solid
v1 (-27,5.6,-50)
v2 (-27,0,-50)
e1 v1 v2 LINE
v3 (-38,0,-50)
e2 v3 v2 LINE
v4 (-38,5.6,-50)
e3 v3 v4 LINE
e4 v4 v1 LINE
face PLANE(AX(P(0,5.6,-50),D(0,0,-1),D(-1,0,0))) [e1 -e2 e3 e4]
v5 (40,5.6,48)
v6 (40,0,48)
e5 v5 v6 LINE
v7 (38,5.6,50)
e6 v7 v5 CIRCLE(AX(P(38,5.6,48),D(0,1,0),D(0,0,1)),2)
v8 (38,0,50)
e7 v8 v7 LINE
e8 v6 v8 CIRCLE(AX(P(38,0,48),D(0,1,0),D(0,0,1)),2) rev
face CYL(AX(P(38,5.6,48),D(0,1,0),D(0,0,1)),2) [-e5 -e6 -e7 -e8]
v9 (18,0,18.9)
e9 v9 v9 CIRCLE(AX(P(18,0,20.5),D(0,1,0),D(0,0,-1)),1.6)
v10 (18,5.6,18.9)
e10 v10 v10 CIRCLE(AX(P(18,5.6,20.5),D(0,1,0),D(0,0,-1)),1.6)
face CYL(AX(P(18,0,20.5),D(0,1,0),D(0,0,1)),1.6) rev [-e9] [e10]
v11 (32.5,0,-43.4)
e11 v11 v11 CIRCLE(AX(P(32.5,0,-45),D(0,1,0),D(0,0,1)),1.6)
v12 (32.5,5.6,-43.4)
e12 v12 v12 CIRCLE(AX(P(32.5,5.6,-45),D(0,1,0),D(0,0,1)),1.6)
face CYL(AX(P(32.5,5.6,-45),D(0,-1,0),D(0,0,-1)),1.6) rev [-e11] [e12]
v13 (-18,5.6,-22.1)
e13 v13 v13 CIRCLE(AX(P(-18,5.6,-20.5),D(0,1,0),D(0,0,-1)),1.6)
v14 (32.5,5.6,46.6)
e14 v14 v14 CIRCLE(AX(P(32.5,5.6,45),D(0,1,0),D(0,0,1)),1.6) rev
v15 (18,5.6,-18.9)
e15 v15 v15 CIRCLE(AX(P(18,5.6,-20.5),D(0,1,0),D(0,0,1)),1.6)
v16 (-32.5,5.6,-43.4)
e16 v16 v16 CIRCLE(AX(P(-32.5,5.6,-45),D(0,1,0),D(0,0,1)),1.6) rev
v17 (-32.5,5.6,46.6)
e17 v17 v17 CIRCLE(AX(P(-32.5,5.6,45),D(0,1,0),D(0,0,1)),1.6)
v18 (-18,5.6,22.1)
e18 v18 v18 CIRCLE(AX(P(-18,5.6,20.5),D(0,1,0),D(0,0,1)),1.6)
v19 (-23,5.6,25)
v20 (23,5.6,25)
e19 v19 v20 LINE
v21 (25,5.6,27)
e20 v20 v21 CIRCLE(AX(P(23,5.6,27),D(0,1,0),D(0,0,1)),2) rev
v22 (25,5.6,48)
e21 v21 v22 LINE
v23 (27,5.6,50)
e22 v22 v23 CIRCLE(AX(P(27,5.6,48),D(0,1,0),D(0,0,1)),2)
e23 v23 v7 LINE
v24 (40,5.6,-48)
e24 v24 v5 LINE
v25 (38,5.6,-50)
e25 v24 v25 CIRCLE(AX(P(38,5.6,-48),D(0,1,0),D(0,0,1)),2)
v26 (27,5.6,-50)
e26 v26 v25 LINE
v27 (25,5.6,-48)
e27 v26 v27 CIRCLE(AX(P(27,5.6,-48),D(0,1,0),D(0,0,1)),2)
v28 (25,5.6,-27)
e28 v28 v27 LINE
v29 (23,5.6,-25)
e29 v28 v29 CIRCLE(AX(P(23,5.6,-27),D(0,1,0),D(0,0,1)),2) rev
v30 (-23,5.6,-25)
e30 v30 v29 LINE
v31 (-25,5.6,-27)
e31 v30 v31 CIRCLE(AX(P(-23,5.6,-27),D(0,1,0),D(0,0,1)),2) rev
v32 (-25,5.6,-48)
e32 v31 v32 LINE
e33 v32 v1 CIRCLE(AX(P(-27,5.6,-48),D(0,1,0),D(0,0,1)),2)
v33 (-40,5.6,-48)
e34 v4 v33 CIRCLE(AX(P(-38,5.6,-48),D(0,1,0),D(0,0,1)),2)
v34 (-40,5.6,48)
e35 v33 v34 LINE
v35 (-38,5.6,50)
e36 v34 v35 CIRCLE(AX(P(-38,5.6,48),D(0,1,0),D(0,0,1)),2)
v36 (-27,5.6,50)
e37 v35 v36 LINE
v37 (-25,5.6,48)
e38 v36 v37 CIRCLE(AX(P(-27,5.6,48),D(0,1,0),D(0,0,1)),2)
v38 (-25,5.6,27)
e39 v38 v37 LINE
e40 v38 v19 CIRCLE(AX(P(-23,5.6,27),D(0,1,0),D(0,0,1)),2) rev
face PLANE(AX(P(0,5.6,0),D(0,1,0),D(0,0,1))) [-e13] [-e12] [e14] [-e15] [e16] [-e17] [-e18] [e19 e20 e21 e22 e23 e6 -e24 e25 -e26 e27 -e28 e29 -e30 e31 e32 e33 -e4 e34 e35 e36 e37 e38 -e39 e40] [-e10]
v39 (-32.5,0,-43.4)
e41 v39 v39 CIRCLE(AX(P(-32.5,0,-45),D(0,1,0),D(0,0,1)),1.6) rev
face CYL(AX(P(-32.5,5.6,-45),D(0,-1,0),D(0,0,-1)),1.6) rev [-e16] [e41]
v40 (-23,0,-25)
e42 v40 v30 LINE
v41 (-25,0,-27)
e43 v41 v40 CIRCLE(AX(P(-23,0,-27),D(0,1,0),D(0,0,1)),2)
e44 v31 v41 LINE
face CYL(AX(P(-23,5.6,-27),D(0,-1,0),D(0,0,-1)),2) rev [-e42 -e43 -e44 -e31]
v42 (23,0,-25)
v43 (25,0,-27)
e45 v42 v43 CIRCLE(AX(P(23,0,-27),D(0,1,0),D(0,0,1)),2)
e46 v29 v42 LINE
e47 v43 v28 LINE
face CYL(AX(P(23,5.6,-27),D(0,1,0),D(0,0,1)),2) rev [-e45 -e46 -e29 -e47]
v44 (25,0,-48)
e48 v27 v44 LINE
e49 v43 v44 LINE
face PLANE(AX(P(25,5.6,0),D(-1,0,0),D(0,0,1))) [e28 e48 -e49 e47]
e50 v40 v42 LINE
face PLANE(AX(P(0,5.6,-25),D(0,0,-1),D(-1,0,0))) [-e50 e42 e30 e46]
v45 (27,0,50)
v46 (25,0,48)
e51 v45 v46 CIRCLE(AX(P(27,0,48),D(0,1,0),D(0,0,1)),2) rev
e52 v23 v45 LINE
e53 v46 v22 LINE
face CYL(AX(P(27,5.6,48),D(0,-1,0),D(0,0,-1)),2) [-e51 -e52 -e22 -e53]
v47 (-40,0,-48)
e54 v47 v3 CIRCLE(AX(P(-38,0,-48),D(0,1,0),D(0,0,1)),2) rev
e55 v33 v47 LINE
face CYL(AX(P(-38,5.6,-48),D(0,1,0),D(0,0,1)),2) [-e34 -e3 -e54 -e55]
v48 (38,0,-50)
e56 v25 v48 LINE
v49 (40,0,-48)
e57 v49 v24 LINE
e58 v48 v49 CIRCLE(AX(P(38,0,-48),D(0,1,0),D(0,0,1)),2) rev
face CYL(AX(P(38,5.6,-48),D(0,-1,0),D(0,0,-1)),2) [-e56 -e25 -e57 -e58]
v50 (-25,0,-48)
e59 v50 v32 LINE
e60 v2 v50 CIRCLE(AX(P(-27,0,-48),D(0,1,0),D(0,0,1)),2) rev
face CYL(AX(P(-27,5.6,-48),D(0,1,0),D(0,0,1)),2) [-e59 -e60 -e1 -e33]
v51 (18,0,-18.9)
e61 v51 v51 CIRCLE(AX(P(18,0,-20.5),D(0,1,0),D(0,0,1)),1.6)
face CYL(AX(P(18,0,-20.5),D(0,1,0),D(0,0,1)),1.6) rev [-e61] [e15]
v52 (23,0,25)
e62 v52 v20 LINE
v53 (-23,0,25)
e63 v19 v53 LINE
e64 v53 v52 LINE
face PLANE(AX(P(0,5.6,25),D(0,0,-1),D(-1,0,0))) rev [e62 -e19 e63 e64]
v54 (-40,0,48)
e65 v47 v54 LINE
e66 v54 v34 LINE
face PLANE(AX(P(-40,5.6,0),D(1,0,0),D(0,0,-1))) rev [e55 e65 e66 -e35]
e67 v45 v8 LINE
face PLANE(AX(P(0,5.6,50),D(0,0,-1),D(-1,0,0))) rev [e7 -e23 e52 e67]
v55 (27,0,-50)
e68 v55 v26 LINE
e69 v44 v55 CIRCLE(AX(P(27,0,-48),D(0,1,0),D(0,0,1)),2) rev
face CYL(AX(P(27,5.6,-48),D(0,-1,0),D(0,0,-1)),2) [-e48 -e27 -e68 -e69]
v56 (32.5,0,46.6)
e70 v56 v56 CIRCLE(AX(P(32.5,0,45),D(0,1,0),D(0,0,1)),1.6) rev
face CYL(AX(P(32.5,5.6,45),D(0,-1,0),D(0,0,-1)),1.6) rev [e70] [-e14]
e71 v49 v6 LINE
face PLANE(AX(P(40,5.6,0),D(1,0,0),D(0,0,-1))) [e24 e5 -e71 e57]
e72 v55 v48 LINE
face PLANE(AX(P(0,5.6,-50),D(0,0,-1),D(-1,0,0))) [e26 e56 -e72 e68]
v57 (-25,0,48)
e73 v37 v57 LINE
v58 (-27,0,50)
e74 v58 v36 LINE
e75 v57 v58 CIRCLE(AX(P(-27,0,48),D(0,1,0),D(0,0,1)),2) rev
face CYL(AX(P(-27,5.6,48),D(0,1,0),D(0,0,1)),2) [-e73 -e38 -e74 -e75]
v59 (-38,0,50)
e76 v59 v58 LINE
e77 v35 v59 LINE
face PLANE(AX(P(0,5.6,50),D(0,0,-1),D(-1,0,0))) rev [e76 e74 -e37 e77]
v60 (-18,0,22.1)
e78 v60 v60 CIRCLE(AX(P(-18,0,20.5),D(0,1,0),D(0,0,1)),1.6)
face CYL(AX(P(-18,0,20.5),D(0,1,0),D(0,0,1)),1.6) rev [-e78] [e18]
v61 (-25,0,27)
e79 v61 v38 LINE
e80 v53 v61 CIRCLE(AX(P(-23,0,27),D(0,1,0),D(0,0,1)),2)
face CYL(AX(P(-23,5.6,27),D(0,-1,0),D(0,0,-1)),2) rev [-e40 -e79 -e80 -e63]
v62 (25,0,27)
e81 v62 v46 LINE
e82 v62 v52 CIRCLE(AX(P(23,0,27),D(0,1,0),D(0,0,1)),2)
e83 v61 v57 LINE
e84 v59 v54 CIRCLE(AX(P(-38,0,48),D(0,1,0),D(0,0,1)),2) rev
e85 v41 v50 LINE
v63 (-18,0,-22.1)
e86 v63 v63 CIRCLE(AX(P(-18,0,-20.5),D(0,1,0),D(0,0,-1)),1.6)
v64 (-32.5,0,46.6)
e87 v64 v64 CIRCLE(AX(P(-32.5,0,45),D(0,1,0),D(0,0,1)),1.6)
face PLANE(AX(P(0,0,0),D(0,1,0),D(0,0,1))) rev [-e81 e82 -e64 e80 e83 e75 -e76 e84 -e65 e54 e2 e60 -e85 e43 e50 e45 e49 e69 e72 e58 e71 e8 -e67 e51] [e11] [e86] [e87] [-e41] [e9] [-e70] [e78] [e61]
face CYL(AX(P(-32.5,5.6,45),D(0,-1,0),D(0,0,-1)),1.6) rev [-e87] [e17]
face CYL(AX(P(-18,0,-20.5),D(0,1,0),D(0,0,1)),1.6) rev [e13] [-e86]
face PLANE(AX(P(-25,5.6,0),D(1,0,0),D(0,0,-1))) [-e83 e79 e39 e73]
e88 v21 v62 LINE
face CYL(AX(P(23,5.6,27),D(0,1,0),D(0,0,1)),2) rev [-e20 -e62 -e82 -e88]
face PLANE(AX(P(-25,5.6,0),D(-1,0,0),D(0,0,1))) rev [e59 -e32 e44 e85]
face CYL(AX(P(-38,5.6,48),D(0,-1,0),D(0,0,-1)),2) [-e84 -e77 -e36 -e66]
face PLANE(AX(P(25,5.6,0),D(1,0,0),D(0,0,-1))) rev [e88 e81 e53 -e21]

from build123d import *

# Parameters (mm, degrees)
SKETCH_1_R          = 1.6
EXTRUDE_1_DEPTH     = 5.6
SKETCH_2_R          = 1.6
CUT_EXTRUDE_1_DEPTH = 65.275656356
FILLET_1_R          = 2


with BuildPart() as part:
    # ｽｹｯﾁ1 → ﾎﾞｽ - 押し出し1 (new body)
    with BuildSketch(Plane(origin=(0, 0, 0), x_dir=(1, 0, 0), z_dir=(0, 1, 0))):
        Polygon((-25, 50), (-40, 50), (-40, -50), (-25, -50), (-25, -25), (25, -25), (25, -50), (40, -50), (40, 50), (25, 50), (25, 25), (-25, 25), align=None)
        with Locations(Location((-32.5, -45, 0), (0, 0, 270))):
            Circle(SKETCH_1_R, mode=Mode.SUBTRACT)
        with Locations(Location((32.5, -45, 0), (0, 0, 270))):
            Circle(SKETCH_1_R, mode=Mode.SUBTRACT)
        with Locations(Location((-32.5, 45, 0), (0, 0, 270))):
            Circle(SKETCH_1_R, mode=Mode.SUBTRACT)
        with Locations(Location((32.5, 45, 0), (0, 0, 270))):
            Circle(SKETCH_1_R, mode=Mode.SUBTRACT)
    extrude(amount=EXTRUDE_1_DEPTH)

    # ｽｹｯﾁ2 → ｶｯﾄ - 押し出し1 (cut, through all)
    with BuildSketch(Plane(origin=(0, 5.6, 0), x_dir=(1, 0, 0), z_dir=(0, 1, 0))):
        with Locations(Location((18, 20.5, 0), (0, 0, 270))):
            Circle(SKETCH_2_R)
        with Locations(Location((18, -20.5, 0), (0, 0, 90))):
            Circle(SKETCH_2_R)
        with Locations(Location((-18, -20.5, 0), (0, 0, 270))):
            Circle(SKETCH_2_R)
        with Locations(Location((-18, 20.5, 0), (0, 0, 90))):
            Circle(SKETCH_2_R)
    extrude(amount=-CUT_EXTRUDE_1_DEPTH, mode=Mode.SUBTRACT)

    # ﾌｨﾚｯﾄ1
    fillet_1_edges = [part.edges().sort_by_distance(p)[0] for p in [
        (-25, 2.8, 50),
        (-40, 2.8, 50),
        (-40, 2.8, -50),
        (-25, 2.8, -50),
        (-25, 2.8, -25),
        (25, 2.8, -25),
        (25, 2.8, -50),
        (40, 2.8, -50),
        (40, 2.8, 50),
        (25, 2.8, 50),
        (25, 2.8, 25),
        (-25, 2.8, 25),
    ]]
    fillet(fillet_1_edges, radius=FILLET_1_R)


solid = part.part
